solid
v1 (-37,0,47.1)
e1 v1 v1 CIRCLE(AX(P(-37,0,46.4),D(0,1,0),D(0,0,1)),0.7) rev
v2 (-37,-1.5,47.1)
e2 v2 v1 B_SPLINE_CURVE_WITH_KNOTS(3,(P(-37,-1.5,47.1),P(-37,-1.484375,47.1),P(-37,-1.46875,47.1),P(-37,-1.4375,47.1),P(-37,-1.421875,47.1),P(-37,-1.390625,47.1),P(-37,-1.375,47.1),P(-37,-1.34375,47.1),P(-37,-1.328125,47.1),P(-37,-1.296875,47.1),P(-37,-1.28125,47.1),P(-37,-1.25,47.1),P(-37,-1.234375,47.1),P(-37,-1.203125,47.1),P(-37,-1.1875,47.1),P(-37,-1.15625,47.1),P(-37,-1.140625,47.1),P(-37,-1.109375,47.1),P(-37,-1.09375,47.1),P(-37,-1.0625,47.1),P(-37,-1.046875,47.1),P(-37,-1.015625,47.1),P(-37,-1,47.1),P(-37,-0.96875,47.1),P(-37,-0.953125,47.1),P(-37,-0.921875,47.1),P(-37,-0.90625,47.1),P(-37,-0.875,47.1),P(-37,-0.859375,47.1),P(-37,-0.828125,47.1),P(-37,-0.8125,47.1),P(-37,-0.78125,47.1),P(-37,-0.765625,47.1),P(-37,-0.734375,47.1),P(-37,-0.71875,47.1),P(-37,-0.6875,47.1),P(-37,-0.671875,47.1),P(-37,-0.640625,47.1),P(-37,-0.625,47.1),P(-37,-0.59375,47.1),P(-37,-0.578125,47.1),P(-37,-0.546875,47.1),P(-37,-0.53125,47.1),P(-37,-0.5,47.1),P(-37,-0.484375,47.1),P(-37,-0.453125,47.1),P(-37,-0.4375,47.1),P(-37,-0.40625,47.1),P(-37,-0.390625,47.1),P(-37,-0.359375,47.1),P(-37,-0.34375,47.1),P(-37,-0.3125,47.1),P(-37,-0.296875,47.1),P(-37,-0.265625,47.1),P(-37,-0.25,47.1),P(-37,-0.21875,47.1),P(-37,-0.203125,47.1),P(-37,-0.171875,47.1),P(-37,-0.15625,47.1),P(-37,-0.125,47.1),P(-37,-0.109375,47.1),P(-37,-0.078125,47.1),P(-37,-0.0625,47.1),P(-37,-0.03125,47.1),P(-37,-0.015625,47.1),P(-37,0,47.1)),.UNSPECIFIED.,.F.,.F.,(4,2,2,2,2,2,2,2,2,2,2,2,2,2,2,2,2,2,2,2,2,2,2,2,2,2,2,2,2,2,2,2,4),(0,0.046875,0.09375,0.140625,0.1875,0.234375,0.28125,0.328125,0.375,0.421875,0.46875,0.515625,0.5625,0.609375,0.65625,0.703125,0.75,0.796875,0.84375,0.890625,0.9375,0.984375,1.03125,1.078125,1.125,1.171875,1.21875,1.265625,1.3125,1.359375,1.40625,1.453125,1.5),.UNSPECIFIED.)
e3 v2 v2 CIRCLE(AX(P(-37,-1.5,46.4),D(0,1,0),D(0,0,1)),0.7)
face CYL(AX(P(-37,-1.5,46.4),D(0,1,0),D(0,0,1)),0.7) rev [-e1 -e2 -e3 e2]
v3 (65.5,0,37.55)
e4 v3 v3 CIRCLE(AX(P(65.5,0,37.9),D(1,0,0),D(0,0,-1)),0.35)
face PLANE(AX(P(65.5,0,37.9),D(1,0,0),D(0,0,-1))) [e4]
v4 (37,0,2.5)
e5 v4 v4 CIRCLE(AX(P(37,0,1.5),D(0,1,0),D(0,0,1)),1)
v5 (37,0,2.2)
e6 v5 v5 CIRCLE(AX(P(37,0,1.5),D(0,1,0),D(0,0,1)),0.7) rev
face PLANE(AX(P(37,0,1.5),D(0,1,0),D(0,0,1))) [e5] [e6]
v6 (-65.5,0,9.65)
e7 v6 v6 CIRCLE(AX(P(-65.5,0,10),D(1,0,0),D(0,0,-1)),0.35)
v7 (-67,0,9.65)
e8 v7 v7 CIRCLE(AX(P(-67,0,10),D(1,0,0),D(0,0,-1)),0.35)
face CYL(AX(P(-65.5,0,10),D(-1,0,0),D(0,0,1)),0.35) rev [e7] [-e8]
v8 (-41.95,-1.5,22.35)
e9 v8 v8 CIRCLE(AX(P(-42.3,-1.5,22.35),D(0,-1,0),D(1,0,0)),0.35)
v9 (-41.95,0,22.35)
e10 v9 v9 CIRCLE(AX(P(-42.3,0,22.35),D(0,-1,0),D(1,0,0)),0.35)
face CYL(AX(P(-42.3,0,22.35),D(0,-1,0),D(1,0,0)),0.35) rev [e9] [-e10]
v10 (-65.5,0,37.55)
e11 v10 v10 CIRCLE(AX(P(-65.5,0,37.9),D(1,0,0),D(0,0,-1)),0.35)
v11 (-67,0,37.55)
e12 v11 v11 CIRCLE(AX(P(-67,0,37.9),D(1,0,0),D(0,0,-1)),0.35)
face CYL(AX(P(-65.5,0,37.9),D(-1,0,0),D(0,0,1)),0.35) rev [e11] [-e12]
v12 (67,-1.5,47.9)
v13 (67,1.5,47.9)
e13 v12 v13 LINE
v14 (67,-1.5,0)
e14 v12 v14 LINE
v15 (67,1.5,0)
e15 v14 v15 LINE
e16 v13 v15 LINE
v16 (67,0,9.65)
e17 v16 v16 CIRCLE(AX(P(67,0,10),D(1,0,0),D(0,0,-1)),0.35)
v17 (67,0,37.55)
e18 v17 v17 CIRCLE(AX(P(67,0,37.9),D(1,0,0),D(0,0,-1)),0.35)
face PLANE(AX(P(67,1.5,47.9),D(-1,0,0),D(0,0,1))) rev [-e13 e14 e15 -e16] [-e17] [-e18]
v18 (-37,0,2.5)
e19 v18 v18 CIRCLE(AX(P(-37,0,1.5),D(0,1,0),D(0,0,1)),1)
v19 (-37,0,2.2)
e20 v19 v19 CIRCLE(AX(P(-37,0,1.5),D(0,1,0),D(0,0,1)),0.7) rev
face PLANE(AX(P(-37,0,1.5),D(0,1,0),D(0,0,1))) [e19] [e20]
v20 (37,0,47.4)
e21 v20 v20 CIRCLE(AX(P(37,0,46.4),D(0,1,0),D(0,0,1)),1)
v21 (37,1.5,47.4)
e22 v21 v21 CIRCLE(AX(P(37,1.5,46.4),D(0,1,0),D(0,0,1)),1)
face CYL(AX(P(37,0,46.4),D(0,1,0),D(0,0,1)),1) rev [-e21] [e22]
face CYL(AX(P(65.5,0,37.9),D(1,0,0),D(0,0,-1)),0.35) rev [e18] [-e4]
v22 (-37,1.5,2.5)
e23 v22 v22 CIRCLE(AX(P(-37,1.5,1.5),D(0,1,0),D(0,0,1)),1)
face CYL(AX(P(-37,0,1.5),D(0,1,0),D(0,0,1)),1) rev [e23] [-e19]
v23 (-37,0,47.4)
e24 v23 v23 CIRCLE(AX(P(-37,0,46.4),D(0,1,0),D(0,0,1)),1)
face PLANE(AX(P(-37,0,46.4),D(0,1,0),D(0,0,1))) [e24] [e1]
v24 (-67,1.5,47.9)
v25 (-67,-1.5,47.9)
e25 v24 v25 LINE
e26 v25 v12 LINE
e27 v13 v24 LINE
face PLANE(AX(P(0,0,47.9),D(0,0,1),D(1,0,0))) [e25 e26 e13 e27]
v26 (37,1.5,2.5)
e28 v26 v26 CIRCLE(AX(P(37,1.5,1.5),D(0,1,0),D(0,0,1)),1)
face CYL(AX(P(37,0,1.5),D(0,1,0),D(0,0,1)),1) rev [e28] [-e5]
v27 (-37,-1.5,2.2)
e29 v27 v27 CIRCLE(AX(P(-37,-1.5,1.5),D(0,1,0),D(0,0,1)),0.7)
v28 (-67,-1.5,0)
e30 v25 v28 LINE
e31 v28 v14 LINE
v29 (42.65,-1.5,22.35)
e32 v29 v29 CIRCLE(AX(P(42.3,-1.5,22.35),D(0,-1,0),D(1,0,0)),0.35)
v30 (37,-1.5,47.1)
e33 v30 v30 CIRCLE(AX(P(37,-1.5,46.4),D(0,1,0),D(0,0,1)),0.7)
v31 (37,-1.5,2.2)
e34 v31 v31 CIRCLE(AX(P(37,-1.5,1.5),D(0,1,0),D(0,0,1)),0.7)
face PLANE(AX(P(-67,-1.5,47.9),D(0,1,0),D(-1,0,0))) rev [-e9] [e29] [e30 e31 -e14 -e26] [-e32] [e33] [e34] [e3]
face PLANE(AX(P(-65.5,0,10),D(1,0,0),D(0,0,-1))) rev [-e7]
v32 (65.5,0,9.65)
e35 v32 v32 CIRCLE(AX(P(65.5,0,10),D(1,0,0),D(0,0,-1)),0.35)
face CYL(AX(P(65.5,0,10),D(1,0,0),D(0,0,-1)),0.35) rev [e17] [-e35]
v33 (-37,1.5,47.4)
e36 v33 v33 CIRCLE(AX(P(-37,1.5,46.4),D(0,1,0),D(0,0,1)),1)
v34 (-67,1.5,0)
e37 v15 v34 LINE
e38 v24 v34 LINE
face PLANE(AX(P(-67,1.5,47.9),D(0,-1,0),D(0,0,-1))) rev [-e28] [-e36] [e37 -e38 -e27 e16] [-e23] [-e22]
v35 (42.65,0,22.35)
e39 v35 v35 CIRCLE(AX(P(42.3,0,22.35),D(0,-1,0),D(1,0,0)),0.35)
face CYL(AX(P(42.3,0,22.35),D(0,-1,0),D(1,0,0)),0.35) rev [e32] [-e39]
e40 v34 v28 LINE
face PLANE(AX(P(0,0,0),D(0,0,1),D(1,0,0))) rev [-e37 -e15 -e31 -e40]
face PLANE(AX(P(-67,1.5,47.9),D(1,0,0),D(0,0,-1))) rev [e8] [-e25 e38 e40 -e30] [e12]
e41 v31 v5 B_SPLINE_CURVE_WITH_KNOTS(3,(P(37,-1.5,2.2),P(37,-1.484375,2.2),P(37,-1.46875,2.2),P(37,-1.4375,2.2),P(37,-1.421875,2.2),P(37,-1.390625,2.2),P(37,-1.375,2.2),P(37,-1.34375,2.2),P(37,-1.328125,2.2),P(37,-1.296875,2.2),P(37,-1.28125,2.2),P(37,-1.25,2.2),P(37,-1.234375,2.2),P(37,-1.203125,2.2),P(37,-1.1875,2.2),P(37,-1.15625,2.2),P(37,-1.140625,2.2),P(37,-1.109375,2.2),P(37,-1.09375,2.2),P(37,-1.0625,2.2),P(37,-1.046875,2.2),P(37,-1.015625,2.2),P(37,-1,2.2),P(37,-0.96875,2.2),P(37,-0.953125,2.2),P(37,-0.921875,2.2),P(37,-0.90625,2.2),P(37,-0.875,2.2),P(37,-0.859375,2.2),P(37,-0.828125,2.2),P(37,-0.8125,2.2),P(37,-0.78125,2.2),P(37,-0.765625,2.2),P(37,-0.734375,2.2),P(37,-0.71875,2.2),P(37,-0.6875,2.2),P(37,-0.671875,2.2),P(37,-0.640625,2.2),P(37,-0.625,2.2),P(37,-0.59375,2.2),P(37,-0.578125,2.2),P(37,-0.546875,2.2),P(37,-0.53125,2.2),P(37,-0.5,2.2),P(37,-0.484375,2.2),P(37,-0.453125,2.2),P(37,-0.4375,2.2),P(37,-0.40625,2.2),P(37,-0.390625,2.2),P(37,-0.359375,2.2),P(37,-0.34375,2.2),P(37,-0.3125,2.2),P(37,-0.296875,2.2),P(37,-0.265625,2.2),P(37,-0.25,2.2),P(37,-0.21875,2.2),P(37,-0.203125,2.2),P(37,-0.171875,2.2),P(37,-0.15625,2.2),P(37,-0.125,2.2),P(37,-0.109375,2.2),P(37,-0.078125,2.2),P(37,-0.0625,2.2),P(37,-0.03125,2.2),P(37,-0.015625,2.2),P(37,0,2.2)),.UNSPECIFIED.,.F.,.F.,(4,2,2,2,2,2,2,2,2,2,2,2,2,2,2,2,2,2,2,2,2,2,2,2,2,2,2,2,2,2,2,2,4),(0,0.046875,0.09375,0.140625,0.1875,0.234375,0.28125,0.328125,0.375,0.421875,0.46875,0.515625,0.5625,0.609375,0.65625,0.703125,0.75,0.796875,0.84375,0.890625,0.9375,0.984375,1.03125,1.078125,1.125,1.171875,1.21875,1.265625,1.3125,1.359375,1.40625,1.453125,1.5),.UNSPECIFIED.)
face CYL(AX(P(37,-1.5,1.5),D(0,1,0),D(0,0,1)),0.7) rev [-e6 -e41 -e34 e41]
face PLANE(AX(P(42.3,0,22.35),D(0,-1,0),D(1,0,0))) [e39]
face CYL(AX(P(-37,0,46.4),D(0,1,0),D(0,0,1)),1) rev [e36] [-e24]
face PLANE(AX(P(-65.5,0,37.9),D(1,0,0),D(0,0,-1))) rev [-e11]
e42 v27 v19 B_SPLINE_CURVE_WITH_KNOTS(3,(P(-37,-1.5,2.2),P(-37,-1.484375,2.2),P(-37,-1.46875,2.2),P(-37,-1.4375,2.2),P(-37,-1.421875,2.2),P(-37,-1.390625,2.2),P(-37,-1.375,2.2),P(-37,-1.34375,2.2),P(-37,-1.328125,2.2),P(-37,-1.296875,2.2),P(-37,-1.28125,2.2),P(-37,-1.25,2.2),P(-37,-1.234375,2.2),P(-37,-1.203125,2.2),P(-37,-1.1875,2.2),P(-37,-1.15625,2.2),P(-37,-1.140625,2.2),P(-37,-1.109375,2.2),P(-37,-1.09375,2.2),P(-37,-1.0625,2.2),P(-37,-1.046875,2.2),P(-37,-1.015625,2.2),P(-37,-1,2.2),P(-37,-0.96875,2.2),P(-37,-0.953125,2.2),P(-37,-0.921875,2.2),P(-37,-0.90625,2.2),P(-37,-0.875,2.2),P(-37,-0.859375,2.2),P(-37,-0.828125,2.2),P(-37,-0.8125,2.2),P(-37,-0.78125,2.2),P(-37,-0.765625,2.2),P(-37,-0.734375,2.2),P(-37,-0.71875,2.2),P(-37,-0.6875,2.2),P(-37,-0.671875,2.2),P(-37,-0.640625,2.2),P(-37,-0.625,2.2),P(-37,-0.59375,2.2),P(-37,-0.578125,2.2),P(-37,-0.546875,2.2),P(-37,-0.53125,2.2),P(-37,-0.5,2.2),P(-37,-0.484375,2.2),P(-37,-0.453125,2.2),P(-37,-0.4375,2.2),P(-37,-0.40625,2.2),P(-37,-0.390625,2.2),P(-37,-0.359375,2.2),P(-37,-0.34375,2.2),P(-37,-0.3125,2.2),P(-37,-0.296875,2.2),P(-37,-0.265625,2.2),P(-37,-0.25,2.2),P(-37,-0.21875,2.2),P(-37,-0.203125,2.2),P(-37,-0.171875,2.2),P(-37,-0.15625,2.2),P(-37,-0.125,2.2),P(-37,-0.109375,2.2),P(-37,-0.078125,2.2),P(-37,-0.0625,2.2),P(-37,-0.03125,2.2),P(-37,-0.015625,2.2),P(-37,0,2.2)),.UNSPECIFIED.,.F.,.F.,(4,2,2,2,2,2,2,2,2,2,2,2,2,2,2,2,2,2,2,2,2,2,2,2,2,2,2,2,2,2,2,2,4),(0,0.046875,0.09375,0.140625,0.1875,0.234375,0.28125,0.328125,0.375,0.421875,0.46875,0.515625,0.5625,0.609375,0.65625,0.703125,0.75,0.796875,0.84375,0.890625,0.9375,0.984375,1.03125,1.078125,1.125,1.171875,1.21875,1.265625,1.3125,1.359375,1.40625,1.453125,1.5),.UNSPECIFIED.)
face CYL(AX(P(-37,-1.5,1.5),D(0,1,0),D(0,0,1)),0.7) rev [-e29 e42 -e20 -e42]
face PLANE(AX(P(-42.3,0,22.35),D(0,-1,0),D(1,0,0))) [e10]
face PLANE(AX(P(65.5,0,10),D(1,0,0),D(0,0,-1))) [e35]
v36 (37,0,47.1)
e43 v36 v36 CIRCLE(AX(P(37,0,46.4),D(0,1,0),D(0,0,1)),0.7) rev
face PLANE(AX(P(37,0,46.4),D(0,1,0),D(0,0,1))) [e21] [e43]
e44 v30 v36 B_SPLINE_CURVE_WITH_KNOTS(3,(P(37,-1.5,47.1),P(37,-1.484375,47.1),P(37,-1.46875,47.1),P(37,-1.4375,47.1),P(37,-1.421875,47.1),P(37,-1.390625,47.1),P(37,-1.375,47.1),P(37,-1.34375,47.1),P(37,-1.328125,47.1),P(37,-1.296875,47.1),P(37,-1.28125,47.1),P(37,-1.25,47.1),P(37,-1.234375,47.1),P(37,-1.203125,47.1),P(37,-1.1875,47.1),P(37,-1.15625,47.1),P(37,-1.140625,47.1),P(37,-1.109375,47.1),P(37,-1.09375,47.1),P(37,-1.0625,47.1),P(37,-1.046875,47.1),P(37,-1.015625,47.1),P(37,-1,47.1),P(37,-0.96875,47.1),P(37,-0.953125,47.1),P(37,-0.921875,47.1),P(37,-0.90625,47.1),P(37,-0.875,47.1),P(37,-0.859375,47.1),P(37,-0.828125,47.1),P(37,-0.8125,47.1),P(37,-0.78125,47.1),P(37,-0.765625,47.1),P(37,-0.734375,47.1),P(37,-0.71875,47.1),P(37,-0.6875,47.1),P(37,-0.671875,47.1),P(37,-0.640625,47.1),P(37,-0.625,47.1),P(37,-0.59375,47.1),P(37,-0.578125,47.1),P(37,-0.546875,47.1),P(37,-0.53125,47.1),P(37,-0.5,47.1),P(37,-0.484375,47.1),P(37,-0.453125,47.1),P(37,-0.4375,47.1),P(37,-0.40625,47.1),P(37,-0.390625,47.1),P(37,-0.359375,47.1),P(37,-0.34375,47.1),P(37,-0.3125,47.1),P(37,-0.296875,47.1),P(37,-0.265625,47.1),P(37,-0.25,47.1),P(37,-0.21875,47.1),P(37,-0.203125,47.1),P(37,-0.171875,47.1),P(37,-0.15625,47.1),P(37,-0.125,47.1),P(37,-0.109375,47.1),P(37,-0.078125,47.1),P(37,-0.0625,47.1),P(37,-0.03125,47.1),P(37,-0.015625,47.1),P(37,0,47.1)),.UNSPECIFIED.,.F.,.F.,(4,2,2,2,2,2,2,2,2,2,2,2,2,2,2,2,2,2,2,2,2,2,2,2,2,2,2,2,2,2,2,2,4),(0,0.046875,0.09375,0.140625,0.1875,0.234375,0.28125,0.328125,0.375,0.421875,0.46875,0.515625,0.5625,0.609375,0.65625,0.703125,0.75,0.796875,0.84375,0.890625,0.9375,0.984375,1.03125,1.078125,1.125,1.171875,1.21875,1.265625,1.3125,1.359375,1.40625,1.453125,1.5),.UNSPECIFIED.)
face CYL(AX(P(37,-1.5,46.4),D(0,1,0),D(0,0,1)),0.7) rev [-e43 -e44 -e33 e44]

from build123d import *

# Parameters (mm, degrees)
SKETCH_1_W          = 134
SKETCH_1_H          = 3
EXTRUDE_1_DEPTH     = 47.9
SKETCH_4_R          = 0.7
CUT_EXTRUDE_1_DEPTH = 83.416078528
SKETCH_4_3_R        = 1
CUT_EXTRUDE_2_DEPTH = 1.5
SKETCH_5_R          = 0.35
CUT_EXTRUDE_3_DEPTH = 1.5
SKETCH_6_R          = 0.35
CUT_EXTRUDE_4_DEPTH = 1.5
CUT_EXTRUDE_START   = -132.5
SKETCH_6_3_R        = 0.35
CUT_EXTRUDE_5_DEPTH = 1.5


with BuildPart() as part:
    # 草图1 → 凸台-拉伸1 (new body)
    with BuildSketch(Plane.XY):
        Rectangle(SKETCH_1_W, SKETCH_1_H)
    extrude(amount=EXTRUDE_1_DEPTH)

    # 草图4 → 切除-拉伸1 (cut, through all)
    with BuildSketch(Plane(origin=(0, 1.5, 0), x_dir=(1, 0, 0), z_dir=(0, 1, 0))):
        with Locations(Location((-37, -46.4, 0), (0, 0, 270))):
            Circle(SKETCH_4_R)
        with Locations(Location((37, -46.4, 0), (0, 0, 270))):
            Circle(SKETCH_4_R)
        with Locations(Location((-37, -1.5, 0), (0, 0, 270))):
            Circle(SKETCH_4_R)
        with Locations(Location((37, -1.5, 0), (0, 0, 270))):
            Circle(SKETCH_4_R)
    extrude(amount=-CUT_EXTRUDE_1_DEPTH, mode=Mode.SUBTRACT)

    # 草图4<3> → 切除-拉伸2 (cut)
    with BuildSketch(Plane(origin=(0, 1.5, 0), x_dir=(1, 0, 0), z_dir=(0, 1, 0))):
        with Locations(Location((-37, -46.4, 0), (0, 0, 270))):
            Circle(SKETCH_4_3_R)
        with Locations(Location((37, -46.4, 0), (0, 0, 270))):
            Circle(SKETCH_4_3_R)
        with Locations(Location((37, -1.5, 0), (0, 0, 270))):
            Circle(SKETCH_4_3_R)
        with Locations(Location((-37, -1.5, 0), (0, 0, 270))):
            Circle(SKETCH_4_3_R)
    extrude(amount=-CUT_EXTRUDE_2_DEPTH, mode=Mode.SUBTRACT)

    # 草图5 → 切除-拉伸3 (cut)
    with BuildSketch(Plane.XZ.offset(1.5)):
        with Locations((-42.3, 22.35)):
            Circle(SKETCH_5_R)
        with Locations((42.3, 22.35)):
            Circle(SKETCH_5_R)
    extrude(amount=-CUT_EXTRUDE_3_DEPTH, mode=Mode.SUBTRACT)

    # 草图6 → 切除-拉伸4 (cut)
    with BuildSketch(Plane(origin=(67, 0, 0), x_dir=(0, 0, -1), z_dir=(1, 0, 0))):
        with Locations((-37.9, 0)):
            Circle(SKETCH_6_R)
        with Locations((-10, 0)):
            Circle(SKETCH_6_R)
    extrude(amount=-CUT_EXTRUDE_4_DEPTH, mode=Mode.SUBTRACT)

    # 草图6<3> → 切除-拉伸5 (cut)
    with BuildSketch(Plane(origin=(67, 0, 0), x_dir=(0, 0, -1), z_dir=(1, 0, 0)).offset(CUT_EXTRUDE_START)):
        with Locations((-37.9, 0)):
            Circle(SKETCH_6_3_R)
        with Locations((-10, 0)):
            Circle(SKETCH_6_3_R)
    extrude(amount=-CUT_EXTRUDE_5_DEPTH, mode=Mode.SUBTRACT)


solid = part.part
